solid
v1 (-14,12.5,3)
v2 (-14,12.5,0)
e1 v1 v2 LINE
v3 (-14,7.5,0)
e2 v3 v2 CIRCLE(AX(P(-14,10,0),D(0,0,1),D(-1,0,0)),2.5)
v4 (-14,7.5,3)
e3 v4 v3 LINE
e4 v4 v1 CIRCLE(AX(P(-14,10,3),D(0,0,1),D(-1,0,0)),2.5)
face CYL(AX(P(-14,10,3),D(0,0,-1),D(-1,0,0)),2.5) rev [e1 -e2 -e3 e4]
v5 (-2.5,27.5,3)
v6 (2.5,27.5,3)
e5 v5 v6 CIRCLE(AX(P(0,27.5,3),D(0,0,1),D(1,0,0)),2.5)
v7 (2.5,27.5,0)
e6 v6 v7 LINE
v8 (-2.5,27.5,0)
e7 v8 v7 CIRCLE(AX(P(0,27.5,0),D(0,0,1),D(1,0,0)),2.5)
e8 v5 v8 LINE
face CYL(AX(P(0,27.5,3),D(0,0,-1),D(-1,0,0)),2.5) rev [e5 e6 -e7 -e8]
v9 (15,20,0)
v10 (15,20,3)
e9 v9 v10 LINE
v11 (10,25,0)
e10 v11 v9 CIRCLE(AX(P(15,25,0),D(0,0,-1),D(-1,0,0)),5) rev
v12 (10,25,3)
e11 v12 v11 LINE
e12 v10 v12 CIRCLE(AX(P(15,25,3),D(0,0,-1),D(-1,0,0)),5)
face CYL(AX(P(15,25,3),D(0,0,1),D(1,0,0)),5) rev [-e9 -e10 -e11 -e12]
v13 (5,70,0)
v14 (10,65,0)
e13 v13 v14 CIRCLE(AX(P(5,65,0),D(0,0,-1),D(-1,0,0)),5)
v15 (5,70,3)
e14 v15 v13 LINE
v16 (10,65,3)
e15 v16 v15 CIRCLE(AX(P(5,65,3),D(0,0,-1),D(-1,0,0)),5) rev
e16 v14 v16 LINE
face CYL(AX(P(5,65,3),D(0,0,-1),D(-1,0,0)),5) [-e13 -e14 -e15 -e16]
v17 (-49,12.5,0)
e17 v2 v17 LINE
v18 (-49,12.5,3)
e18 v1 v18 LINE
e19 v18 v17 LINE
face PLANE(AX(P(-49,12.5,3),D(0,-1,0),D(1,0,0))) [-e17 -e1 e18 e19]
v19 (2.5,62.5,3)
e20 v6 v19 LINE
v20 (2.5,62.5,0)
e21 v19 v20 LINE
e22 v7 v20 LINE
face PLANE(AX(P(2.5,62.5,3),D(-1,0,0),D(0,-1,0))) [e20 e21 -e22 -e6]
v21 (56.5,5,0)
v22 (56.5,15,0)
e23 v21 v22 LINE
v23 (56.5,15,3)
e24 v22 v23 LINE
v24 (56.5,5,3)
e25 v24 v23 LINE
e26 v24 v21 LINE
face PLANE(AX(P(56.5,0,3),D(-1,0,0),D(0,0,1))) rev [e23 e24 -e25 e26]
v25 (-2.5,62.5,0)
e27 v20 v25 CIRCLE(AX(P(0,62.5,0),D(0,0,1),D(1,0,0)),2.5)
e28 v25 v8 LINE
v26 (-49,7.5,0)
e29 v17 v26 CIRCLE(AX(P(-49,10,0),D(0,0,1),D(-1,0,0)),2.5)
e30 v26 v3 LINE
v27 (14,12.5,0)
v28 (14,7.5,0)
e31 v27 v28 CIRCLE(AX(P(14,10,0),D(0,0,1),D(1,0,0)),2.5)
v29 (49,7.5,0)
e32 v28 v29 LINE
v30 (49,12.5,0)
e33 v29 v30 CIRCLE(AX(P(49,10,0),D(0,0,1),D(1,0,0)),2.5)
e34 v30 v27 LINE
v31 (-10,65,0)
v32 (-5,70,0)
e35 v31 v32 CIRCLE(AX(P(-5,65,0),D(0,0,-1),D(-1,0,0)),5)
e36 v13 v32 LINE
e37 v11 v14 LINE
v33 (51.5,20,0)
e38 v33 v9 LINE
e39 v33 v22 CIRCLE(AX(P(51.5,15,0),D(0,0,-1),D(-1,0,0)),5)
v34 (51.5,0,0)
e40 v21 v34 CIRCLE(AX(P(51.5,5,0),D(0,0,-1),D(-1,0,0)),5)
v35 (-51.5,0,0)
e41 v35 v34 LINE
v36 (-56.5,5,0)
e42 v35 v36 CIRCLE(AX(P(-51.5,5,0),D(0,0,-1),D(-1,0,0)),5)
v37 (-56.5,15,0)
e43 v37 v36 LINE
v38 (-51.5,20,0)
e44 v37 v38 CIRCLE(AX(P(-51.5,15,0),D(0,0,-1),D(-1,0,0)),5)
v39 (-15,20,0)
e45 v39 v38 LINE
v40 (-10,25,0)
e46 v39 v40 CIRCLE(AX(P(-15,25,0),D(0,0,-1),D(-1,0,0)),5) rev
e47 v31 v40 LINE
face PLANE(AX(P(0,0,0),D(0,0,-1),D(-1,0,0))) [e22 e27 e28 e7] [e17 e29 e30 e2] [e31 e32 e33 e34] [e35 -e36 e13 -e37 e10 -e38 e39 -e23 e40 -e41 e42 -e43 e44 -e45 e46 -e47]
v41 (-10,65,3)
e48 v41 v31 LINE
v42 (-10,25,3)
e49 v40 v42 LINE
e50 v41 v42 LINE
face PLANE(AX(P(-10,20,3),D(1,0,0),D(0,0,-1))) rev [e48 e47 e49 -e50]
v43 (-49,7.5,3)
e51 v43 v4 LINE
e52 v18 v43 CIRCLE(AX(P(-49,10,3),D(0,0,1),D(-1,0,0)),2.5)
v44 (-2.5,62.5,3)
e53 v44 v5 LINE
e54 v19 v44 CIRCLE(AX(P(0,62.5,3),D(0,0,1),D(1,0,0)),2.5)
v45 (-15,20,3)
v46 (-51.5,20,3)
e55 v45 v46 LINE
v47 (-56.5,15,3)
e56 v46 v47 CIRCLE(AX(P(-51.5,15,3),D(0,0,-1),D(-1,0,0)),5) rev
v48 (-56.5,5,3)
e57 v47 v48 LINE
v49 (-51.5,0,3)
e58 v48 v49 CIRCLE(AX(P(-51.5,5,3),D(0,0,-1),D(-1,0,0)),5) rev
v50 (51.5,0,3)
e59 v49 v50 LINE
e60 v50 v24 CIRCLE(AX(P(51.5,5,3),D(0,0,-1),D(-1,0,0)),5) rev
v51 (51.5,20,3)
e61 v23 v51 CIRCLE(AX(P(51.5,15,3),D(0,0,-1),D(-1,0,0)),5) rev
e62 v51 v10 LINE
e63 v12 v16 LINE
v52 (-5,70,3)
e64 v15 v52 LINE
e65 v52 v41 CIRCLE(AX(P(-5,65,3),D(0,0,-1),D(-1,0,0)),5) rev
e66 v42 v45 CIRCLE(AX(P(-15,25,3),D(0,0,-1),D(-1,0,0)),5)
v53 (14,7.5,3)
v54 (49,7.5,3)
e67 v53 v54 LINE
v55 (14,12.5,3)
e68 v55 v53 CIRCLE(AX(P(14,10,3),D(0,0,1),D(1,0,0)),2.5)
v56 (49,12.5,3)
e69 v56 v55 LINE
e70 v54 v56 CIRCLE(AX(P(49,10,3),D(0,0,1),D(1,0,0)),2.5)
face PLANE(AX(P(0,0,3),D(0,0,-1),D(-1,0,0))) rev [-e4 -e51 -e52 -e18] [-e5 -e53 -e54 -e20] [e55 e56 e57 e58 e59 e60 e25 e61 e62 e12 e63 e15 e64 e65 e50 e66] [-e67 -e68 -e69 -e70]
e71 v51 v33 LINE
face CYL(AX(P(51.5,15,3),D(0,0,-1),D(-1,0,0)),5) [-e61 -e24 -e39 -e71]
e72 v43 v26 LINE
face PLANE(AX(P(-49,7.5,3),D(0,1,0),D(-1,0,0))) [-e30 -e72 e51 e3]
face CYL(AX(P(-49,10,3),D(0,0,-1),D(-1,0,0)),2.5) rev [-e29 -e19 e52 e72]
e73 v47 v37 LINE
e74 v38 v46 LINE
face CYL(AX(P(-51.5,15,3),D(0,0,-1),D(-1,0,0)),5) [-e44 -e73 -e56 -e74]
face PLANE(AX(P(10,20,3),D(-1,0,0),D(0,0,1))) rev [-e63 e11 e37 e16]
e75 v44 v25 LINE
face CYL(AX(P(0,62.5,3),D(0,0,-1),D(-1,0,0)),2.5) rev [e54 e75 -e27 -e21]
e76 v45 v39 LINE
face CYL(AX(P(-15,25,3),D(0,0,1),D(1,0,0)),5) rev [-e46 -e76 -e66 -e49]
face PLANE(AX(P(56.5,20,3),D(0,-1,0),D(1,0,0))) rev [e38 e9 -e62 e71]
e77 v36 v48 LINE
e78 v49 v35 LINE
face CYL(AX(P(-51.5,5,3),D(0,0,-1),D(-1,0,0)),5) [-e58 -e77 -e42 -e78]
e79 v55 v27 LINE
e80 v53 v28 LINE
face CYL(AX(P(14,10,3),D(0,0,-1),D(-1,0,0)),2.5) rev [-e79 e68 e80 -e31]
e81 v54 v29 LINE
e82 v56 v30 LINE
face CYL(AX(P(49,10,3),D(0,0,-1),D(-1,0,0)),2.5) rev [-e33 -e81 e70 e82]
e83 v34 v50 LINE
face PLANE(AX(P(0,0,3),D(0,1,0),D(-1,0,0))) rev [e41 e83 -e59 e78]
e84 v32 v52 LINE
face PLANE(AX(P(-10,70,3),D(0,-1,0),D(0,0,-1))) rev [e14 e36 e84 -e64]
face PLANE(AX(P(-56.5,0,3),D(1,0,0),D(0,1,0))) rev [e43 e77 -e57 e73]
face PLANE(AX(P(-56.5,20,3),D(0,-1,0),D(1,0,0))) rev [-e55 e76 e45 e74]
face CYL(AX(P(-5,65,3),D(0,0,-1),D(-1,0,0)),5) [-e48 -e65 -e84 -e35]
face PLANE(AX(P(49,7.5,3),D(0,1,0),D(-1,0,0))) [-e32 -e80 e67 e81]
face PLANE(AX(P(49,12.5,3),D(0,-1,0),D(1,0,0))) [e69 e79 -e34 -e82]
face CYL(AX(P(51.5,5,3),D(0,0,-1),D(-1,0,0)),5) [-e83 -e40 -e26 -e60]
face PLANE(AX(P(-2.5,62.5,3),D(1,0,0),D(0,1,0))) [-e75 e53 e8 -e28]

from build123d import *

# Parameters (mm, degrees)
BOSS_EXTRUDE1_DEPTH = 3
FILLET1_R           = 5


with BuildPart() as part:
    # Sketch1 → Boss-Extrude1 (new body)
    with BuildSketch(Plane.XY):
        Polygon((0, 0), (56.5, 0), (56.5, 20), (10, 20), (10, 70), (-10, 70), (-10, 20), (-56.5, 20), (-56.5, 0), align=None)
        with BuildLine():
            Line((2.5, 62.5), (2.5, 27.5))
            ThreePointArc((2.5, 27.5), (0, 25), (-2.5, 27.5))
            Line((-2.5, 27.5), (-2.5, 62.5))
            ThreePointArc((-2.5, 62.5), (0, 65), (2.5, 62.5))
        make_face(mode=Mode.SUBTRACT)
        with BuildLine():
            Line((49, 7.5), (14, 7.5))
            ThreePointArc((14, 7.5), (11.5, 10), (14, 12.5))
            Line((14, 12.5), (49, 12.5))
            ThreePointArc((49, 12.5), (51.5, 10), (49, 7.5))
        make_face(mode=Mode.SUBTRACT)
        with BuildLine():
            Line((-49, 7.5), (-14, 7.5))
            ThreePointArc((-14, 7.5), (-11.5, 10), (-14, 12.5))
            Line((-14, 12.5), (-49, 12.5))
            ThreePointArc((-49, 12.5), (-51.5, 10), (-49, 7.5))
        make_face(mode=Mode.SUBTRACT)
    extrude(amount=BOSS_EXTRUDE1_DEPTH)

    # Fillet1
    fillet1_edges = [part.edges().sort_by_distance(p)[0] for p in [
        (-10, 70, 1.5),
        (10, 70, 1.5),
        (10, 20, 1.5),
        (56.5, 20, 1.5),
        (56.5, 0, 1.5),
        (-56.5, 0, 1.5),
        (-56.5, 20, 1.5),
        (-10, 20, 1.5),
    ]]
    fillet(fillet1_edges, radius=FILLET1_R)


solid = part.part
